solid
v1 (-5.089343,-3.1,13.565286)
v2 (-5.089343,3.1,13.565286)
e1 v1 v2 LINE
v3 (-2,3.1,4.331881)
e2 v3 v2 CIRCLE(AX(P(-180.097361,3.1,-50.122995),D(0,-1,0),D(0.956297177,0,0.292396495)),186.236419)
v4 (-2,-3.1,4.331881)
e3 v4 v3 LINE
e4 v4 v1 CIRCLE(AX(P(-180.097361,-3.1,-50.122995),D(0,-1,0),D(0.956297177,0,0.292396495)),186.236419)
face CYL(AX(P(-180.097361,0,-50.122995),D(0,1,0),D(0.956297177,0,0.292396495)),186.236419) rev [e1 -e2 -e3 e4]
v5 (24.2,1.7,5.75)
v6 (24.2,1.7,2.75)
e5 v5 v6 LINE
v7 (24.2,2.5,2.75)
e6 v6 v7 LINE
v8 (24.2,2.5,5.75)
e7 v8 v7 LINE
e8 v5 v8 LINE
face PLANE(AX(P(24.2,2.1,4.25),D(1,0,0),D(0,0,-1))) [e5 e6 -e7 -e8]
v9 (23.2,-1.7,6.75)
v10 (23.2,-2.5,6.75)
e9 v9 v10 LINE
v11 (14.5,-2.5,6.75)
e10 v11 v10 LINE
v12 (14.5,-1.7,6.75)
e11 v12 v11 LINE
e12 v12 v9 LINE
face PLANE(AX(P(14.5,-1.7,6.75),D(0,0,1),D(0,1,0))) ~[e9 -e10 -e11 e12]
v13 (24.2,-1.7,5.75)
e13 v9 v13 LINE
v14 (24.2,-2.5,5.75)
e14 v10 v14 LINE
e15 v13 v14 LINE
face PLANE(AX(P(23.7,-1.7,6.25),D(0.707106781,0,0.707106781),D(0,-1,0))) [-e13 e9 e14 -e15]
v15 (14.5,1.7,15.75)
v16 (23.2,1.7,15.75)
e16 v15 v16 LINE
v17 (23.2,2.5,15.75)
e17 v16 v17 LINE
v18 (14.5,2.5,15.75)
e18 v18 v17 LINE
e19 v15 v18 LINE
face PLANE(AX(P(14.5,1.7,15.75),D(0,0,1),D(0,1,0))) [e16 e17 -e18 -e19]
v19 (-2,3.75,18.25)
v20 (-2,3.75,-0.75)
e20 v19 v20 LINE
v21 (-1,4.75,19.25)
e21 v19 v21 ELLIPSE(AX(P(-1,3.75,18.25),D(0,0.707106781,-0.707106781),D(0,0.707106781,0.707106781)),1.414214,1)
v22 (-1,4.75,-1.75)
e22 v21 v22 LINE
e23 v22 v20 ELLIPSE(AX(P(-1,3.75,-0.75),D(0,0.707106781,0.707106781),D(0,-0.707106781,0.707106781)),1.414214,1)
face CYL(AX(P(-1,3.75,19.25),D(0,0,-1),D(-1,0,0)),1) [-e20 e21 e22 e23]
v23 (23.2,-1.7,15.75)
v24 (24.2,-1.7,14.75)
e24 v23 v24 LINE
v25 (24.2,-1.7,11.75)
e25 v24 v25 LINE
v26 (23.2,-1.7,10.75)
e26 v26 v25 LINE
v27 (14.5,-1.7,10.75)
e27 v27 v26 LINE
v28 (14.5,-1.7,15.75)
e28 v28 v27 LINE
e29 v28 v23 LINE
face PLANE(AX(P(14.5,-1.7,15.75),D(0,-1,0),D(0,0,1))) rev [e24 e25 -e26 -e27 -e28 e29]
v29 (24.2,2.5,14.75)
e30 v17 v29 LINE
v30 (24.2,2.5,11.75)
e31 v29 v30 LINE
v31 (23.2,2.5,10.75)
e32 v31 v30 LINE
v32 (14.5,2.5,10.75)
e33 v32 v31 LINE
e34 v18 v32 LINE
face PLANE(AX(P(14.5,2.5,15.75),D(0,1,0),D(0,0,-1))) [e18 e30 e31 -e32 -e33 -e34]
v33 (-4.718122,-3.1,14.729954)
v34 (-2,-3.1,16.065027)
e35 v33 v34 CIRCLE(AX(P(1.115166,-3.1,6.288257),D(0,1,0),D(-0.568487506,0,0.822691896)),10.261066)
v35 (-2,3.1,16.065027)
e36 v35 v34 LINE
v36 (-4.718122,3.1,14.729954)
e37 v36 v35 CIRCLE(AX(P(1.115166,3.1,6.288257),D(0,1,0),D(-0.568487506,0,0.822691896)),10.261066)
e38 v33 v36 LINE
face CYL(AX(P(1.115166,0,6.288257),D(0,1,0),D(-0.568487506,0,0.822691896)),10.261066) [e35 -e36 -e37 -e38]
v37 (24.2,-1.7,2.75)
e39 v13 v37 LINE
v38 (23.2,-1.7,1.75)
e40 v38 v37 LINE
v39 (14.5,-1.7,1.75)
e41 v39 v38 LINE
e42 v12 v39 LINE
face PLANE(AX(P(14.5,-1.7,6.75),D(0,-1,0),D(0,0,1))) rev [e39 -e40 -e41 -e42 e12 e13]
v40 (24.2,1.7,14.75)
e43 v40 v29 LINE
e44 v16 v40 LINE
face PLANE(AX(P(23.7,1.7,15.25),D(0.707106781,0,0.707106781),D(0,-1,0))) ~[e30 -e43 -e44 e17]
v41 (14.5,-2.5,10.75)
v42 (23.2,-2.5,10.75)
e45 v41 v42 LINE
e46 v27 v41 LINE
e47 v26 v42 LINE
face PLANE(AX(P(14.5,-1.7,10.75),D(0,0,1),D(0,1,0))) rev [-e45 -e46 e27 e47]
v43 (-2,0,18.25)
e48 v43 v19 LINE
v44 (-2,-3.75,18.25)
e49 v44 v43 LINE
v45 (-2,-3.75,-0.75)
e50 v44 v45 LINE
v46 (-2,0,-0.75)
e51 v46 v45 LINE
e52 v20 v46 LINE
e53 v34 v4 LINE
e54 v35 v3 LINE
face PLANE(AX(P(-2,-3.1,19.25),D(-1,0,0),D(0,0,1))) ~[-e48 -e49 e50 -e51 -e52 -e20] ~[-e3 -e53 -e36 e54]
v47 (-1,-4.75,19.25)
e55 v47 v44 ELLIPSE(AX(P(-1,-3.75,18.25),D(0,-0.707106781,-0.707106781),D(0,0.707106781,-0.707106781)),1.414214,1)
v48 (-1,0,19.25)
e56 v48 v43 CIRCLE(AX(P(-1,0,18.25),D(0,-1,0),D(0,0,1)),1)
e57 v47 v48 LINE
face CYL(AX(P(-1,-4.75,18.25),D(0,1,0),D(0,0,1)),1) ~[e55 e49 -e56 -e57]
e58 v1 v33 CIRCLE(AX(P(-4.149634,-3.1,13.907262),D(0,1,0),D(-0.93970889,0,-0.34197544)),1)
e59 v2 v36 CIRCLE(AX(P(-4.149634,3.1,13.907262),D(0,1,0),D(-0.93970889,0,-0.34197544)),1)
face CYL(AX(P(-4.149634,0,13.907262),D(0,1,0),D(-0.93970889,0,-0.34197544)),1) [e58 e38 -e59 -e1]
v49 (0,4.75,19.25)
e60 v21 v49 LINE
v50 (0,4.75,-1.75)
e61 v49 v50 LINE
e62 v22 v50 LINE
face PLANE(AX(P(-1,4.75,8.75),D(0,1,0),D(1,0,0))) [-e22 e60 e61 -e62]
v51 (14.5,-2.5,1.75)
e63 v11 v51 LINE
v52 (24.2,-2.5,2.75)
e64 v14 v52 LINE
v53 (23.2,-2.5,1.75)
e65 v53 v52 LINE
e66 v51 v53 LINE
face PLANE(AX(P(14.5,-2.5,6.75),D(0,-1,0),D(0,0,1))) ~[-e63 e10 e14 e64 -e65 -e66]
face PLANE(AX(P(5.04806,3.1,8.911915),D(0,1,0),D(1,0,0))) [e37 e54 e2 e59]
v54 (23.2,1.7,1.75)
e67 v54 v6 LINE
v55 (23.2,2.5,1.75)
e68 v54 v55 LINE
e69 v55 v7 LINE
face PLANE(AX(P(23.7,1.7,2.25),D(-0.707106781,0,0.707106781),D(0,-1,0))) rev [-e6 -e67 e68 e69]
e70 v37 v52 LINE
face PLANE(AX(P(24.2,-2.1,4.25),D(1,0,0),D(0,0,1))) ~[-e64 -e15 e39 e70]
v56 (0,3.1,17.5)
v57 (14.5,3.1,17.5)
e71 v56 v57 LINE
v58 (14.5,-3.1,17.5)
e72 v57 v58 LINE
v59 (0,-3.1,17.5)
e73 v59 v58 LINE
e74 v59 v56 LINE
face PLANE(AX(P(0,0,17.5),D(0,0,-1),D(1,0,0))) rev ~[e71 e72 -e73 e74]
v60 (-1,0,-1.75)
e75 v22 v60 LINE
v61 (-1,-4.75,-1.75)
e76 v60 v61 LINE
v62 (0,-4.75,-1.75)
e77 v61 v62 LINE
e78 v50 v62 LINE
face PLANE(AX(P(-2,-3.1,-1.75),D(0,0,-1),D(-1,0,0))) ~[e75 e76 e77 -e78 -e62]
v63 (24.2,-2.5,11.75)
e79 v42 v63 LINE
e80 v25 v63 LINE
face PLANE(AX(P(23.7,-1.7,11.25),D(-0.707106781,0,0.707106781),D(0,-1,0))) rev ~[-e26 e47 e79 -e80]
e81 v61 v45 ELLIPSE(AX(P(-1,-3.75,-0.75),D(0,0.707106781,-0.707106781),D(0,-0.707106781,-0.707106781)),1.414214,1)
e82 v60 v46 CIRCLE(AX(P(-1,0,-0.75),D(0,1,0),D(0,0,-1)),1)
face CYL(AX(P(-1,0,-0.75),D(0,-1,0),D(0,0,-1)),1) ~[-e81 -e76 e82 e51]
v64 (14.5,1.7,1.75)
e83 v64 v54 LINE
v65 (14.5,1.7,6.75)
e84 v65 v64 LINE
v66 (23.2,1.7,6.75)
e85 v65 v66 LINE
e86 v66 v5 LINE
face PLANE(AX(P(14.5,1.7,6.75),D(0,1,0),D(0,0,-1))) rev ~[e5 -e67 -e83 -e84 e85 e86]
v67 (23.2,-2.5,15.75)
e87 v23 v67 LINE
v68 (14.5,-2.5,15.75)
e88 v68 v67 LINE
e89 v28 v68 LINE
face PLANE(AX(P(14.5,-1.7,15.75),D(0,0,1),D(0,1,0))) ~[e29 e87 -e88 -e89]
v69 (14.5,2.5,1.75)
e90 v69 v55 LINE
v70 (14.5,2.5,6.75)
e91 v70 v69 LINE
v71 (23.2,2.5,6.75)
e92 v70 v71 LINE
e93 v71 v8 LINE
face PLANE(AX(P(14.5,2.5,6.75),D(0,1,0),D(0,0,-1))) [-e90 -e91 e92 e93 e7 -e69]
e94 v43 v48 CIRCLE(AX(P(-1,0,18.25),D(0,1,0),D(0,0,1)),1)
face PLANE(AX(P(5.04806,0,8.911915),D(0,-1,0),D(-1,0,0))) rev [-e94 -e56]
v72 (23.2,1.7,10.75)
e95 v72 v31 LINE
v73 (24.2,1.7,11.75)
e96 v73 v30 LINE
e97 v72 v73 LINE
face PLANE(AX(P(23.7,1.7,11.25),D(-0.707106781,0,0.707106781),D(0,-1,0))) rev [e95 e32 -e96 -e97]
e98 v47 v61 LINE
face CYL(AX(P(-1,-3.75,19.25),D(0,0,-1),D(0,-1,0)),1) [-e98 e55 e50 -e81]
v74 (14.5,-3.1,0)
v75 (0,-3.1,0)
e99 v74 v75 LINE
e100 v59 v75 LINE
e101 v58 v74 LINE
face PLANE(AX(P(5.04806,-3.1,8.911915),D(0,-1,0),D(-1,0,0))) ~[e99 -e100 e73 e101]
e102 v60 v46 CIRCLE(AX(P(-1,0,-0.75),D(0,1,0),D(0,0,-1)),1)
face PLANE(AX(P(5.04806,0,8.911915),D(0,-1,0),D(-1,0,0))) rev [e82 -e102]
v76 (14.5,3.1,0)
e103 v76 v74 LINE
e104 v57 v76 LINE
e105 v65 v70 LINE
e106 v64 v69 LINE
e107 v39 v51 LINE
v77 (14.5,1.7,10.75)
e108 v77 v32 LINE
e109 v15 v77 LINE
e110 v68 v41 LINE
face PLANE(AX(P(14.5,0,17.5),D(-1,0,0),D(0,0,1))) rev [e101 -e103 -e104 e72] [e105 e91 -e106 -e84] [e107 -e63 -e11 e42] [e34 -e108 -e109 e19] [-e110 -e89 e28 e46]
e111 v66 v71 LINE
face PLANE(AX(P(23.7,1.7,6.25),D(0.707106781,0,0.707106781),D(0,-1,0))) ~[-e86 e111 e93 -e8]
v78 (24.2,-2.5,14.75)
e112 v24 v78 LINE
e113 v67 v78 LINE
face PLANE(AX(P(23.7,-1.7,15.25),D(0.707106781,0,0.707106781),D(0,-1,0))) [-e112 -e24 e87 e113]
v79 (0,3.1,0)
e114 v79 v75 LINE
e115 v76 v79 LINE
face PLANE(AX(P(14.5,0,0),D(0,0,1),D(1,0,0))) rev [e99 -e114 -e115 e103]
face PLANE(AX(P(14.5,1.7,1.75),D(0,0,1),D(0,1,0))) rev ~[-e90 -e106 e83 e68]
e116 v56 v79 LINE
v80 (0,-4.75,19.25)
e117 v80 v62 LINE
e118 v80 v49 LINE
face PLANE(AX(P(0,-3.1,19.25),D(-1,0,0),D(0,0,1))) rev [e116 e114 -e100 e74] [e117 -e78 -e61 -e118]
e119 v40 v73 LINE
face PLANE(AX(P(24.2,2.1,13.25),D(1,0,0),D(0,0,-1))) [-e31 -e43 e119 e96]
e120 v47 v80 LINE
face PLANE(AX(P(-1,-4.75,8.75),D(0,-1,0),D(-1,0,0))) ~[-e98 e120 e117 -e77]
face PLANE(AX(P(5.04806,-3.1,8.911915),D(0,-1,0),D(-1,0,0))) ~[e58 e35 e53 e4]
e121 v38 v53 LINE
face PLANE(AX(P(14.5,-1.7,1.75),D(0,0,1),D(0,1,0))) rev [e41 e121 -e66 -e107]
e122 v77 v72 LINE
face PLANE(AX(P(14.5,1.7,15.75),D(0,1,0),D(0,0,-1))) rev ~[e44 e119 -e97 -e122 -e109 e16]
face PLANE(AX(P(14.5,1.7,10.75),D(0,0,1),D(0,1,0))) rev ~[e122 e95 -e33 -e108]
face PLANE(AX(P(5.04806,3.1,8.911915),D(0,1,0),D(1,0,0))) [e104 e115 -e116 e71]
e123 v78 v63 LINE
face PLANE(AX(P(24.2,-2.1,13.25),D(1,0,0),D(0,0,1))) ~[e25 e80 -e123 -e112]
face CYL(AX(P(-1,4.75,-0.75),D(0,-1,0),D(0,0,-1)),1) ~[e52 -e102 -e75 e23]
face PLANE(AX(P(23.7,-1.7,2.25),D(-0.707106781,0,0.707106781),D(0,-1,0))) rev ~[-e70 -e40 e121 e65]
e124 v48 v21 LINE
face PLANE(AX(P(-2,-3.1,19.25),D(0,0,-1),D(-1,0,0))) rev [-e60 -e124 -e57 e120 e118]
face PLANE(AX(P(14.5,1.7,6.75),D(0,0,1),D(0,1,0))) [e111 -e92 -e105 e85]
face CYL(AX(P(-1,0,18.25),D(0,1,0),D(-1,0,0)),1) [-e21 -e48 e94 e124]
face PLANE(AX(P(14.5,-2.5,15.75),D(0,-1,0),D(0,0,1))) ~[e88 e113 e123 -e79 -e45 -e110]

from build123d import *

# Parameters (mm, degrees)
BOSS_EXTRU_1_DEPTH           = 3.1
ESQUISSE2_W                  = 2
ESQUISSE2_H                  = 21
BOSS_EXTRU_2_DEPTH           = 1.65
ESQUISSE3_W                  = 5
ESQUISSE3_H                  = 0.8
BOSS_EXTRU_3_DEPTH           = 9.7
CHANFREIN1_SIZE              = 1
CONG_1_R                     = 1
CHANFREIN1_OF_SYM_TRIE1_SIZE = 1
CONG_1_OF_SYM_TRIE1_R        = 1


with BuildPart() as part:
    # Esquisse1 → Boss.-Extru.1 (new body)
    with BuildSketch(Plane(origin=(0, 0, 0), x_dir=(1, 0, 0), z_dir=(0, 1, 0))):
        with BuildLine():
            Line((0, 0), (0, 1.75))
            Line((0, 1.75), (-2, 1.75))
            Line((-2, 1.75), (-2, -4.33188101))
            ThreePointArc((-2, -4.33188101), (-3.484320415, -8.968776107), (-5.089343046, -13.565286261))
            ThreePointArc((-5.089343046, -13.565286261), (-5.102407263, -14.21094477), (-4.718121663, -14.729953597))
            ThreePointArc((-4.718121663, -14.729953597), (-3.408583651, -15.498315478), (-2, -16.065026941))
            Line((-2, -16.065026941), (-2, -19.25))
            Line((-2, -19.25), (0, -19.25))
            Line((0, -19.25), (0, -17.5))
            Line((0, -17.5), (14.5, -17.5))
            Line((14.5, -17.5), (14.5, 0))
            Line((14.5, 0), (0, 0))
        make_face()
    boss_extru_1 = extrude(amount=BOSS_EXTRU_1_DEPTH)

    # Esquisse2 → Boss.-Extru.2 (add)
    with BuildSketch(Plane(origin=(0, 3.1, 0), x_dir=(1, 0, 0), z_dir=(0, 1, 0))):
        with Locations((-1, -8.75)):
            Rectangle(ESQUISSE2_W, ESQUISSE2_H)
    boss_extru_2 = extrude(amount=BOSS_EXTRU_2_DEPTH)

    # Esquisse3 → Boss.-Extru.3 (add)
    with BuildSketch(Plane(origin=(14.5, 0, 0), x_dir=(0, 0, -1), z_dir=(1, 0, 0))):
        with Locations((-13.25, 2.1)):
            Rectangle(ESQUISSE3_W, ESQUISSE3_H)
        with Locations((-4.25, 2.1)):
            Rectangle(ESQUISSE3_W, ESQUISSE3_H)
    boss_extru_3 = extrude(amount=BOSS_EXTRU_3_DEPTH)

    # Chanfrein1
    chanfrein1_edges = [part.edges().sort_by_distance(p)[0] for p in [
        (24.2, 2.1, 15.75),
        (24.2, 2.1, 10.75),
        (24.2, 2.1, 6.75),
        (24.2, 2.1, 1.75),
    ]]
    chamfer(chanfrein1_edges, length=CHANFREIN1_SIZE)

    # Congé1
    cong_1_edges = [part.edges().sort_by_distance(p)[0] for p in [
        (-2, 2.375, 19.25),
        (-2, 2.375, -1.75),
        (-2, 4.75, 8.75),
    ]]
    fillet(cong_1_edges, radius=CONG_1_R)

    # Symétrie1: Boss.-Extru.1, Boss.-Extru.2, Boss.-Extru.3 across plane
    add(boss_extru_1.mirror(Plane(origin=(1.115166408, 0, 6.288257404), x_dir=(0, 0, 1), z_dir=(0, 1, 0))))
    add(boss_extru_2.mirror(Plane(origin=(1.115166408, 0, 6.288257404), x_dir=(0, 0, 1), z_dir=(0, 1, 0))))
    add(boss_extru_3.mirror(Plane(origin=(1.115166408, 0, 6.288257404), x_dir=(0, 0, 1), z_dir=(0, 1, 0))))

    # Chanfrein1 of Symétrie1
    chanfrein1_of_sym_trie1_edges = [part.edges().sort_by_distance(p)[0] for p in [
        (24.2, -2.1, 15.75),
        (24.2, -2.1, 10.75),
        (24.2, -2.1, 6.75),
        (24.2, -2.1, 1.75),
    ]]
    chamfer(chanfrein1_of_sym_trie1_edges, length=CHANFREIN1_OF_SYM_TRIE1_SIZE)

    # Congé1 of Symétrie1
    cong_1_of_sym_trie1_edges = [part.edges().sort_by_distance(p)[0] for p in [
        (-2, -2.375, 19.25),
        (-2, -2.375, -1.75),
        (-2, -4.75, 8.75),
    ]]
    fillet(cong_1_of_sym_trie1_edges, radius=CONG_1_OF_SYM_TRIE1_R)


solid = part.part
